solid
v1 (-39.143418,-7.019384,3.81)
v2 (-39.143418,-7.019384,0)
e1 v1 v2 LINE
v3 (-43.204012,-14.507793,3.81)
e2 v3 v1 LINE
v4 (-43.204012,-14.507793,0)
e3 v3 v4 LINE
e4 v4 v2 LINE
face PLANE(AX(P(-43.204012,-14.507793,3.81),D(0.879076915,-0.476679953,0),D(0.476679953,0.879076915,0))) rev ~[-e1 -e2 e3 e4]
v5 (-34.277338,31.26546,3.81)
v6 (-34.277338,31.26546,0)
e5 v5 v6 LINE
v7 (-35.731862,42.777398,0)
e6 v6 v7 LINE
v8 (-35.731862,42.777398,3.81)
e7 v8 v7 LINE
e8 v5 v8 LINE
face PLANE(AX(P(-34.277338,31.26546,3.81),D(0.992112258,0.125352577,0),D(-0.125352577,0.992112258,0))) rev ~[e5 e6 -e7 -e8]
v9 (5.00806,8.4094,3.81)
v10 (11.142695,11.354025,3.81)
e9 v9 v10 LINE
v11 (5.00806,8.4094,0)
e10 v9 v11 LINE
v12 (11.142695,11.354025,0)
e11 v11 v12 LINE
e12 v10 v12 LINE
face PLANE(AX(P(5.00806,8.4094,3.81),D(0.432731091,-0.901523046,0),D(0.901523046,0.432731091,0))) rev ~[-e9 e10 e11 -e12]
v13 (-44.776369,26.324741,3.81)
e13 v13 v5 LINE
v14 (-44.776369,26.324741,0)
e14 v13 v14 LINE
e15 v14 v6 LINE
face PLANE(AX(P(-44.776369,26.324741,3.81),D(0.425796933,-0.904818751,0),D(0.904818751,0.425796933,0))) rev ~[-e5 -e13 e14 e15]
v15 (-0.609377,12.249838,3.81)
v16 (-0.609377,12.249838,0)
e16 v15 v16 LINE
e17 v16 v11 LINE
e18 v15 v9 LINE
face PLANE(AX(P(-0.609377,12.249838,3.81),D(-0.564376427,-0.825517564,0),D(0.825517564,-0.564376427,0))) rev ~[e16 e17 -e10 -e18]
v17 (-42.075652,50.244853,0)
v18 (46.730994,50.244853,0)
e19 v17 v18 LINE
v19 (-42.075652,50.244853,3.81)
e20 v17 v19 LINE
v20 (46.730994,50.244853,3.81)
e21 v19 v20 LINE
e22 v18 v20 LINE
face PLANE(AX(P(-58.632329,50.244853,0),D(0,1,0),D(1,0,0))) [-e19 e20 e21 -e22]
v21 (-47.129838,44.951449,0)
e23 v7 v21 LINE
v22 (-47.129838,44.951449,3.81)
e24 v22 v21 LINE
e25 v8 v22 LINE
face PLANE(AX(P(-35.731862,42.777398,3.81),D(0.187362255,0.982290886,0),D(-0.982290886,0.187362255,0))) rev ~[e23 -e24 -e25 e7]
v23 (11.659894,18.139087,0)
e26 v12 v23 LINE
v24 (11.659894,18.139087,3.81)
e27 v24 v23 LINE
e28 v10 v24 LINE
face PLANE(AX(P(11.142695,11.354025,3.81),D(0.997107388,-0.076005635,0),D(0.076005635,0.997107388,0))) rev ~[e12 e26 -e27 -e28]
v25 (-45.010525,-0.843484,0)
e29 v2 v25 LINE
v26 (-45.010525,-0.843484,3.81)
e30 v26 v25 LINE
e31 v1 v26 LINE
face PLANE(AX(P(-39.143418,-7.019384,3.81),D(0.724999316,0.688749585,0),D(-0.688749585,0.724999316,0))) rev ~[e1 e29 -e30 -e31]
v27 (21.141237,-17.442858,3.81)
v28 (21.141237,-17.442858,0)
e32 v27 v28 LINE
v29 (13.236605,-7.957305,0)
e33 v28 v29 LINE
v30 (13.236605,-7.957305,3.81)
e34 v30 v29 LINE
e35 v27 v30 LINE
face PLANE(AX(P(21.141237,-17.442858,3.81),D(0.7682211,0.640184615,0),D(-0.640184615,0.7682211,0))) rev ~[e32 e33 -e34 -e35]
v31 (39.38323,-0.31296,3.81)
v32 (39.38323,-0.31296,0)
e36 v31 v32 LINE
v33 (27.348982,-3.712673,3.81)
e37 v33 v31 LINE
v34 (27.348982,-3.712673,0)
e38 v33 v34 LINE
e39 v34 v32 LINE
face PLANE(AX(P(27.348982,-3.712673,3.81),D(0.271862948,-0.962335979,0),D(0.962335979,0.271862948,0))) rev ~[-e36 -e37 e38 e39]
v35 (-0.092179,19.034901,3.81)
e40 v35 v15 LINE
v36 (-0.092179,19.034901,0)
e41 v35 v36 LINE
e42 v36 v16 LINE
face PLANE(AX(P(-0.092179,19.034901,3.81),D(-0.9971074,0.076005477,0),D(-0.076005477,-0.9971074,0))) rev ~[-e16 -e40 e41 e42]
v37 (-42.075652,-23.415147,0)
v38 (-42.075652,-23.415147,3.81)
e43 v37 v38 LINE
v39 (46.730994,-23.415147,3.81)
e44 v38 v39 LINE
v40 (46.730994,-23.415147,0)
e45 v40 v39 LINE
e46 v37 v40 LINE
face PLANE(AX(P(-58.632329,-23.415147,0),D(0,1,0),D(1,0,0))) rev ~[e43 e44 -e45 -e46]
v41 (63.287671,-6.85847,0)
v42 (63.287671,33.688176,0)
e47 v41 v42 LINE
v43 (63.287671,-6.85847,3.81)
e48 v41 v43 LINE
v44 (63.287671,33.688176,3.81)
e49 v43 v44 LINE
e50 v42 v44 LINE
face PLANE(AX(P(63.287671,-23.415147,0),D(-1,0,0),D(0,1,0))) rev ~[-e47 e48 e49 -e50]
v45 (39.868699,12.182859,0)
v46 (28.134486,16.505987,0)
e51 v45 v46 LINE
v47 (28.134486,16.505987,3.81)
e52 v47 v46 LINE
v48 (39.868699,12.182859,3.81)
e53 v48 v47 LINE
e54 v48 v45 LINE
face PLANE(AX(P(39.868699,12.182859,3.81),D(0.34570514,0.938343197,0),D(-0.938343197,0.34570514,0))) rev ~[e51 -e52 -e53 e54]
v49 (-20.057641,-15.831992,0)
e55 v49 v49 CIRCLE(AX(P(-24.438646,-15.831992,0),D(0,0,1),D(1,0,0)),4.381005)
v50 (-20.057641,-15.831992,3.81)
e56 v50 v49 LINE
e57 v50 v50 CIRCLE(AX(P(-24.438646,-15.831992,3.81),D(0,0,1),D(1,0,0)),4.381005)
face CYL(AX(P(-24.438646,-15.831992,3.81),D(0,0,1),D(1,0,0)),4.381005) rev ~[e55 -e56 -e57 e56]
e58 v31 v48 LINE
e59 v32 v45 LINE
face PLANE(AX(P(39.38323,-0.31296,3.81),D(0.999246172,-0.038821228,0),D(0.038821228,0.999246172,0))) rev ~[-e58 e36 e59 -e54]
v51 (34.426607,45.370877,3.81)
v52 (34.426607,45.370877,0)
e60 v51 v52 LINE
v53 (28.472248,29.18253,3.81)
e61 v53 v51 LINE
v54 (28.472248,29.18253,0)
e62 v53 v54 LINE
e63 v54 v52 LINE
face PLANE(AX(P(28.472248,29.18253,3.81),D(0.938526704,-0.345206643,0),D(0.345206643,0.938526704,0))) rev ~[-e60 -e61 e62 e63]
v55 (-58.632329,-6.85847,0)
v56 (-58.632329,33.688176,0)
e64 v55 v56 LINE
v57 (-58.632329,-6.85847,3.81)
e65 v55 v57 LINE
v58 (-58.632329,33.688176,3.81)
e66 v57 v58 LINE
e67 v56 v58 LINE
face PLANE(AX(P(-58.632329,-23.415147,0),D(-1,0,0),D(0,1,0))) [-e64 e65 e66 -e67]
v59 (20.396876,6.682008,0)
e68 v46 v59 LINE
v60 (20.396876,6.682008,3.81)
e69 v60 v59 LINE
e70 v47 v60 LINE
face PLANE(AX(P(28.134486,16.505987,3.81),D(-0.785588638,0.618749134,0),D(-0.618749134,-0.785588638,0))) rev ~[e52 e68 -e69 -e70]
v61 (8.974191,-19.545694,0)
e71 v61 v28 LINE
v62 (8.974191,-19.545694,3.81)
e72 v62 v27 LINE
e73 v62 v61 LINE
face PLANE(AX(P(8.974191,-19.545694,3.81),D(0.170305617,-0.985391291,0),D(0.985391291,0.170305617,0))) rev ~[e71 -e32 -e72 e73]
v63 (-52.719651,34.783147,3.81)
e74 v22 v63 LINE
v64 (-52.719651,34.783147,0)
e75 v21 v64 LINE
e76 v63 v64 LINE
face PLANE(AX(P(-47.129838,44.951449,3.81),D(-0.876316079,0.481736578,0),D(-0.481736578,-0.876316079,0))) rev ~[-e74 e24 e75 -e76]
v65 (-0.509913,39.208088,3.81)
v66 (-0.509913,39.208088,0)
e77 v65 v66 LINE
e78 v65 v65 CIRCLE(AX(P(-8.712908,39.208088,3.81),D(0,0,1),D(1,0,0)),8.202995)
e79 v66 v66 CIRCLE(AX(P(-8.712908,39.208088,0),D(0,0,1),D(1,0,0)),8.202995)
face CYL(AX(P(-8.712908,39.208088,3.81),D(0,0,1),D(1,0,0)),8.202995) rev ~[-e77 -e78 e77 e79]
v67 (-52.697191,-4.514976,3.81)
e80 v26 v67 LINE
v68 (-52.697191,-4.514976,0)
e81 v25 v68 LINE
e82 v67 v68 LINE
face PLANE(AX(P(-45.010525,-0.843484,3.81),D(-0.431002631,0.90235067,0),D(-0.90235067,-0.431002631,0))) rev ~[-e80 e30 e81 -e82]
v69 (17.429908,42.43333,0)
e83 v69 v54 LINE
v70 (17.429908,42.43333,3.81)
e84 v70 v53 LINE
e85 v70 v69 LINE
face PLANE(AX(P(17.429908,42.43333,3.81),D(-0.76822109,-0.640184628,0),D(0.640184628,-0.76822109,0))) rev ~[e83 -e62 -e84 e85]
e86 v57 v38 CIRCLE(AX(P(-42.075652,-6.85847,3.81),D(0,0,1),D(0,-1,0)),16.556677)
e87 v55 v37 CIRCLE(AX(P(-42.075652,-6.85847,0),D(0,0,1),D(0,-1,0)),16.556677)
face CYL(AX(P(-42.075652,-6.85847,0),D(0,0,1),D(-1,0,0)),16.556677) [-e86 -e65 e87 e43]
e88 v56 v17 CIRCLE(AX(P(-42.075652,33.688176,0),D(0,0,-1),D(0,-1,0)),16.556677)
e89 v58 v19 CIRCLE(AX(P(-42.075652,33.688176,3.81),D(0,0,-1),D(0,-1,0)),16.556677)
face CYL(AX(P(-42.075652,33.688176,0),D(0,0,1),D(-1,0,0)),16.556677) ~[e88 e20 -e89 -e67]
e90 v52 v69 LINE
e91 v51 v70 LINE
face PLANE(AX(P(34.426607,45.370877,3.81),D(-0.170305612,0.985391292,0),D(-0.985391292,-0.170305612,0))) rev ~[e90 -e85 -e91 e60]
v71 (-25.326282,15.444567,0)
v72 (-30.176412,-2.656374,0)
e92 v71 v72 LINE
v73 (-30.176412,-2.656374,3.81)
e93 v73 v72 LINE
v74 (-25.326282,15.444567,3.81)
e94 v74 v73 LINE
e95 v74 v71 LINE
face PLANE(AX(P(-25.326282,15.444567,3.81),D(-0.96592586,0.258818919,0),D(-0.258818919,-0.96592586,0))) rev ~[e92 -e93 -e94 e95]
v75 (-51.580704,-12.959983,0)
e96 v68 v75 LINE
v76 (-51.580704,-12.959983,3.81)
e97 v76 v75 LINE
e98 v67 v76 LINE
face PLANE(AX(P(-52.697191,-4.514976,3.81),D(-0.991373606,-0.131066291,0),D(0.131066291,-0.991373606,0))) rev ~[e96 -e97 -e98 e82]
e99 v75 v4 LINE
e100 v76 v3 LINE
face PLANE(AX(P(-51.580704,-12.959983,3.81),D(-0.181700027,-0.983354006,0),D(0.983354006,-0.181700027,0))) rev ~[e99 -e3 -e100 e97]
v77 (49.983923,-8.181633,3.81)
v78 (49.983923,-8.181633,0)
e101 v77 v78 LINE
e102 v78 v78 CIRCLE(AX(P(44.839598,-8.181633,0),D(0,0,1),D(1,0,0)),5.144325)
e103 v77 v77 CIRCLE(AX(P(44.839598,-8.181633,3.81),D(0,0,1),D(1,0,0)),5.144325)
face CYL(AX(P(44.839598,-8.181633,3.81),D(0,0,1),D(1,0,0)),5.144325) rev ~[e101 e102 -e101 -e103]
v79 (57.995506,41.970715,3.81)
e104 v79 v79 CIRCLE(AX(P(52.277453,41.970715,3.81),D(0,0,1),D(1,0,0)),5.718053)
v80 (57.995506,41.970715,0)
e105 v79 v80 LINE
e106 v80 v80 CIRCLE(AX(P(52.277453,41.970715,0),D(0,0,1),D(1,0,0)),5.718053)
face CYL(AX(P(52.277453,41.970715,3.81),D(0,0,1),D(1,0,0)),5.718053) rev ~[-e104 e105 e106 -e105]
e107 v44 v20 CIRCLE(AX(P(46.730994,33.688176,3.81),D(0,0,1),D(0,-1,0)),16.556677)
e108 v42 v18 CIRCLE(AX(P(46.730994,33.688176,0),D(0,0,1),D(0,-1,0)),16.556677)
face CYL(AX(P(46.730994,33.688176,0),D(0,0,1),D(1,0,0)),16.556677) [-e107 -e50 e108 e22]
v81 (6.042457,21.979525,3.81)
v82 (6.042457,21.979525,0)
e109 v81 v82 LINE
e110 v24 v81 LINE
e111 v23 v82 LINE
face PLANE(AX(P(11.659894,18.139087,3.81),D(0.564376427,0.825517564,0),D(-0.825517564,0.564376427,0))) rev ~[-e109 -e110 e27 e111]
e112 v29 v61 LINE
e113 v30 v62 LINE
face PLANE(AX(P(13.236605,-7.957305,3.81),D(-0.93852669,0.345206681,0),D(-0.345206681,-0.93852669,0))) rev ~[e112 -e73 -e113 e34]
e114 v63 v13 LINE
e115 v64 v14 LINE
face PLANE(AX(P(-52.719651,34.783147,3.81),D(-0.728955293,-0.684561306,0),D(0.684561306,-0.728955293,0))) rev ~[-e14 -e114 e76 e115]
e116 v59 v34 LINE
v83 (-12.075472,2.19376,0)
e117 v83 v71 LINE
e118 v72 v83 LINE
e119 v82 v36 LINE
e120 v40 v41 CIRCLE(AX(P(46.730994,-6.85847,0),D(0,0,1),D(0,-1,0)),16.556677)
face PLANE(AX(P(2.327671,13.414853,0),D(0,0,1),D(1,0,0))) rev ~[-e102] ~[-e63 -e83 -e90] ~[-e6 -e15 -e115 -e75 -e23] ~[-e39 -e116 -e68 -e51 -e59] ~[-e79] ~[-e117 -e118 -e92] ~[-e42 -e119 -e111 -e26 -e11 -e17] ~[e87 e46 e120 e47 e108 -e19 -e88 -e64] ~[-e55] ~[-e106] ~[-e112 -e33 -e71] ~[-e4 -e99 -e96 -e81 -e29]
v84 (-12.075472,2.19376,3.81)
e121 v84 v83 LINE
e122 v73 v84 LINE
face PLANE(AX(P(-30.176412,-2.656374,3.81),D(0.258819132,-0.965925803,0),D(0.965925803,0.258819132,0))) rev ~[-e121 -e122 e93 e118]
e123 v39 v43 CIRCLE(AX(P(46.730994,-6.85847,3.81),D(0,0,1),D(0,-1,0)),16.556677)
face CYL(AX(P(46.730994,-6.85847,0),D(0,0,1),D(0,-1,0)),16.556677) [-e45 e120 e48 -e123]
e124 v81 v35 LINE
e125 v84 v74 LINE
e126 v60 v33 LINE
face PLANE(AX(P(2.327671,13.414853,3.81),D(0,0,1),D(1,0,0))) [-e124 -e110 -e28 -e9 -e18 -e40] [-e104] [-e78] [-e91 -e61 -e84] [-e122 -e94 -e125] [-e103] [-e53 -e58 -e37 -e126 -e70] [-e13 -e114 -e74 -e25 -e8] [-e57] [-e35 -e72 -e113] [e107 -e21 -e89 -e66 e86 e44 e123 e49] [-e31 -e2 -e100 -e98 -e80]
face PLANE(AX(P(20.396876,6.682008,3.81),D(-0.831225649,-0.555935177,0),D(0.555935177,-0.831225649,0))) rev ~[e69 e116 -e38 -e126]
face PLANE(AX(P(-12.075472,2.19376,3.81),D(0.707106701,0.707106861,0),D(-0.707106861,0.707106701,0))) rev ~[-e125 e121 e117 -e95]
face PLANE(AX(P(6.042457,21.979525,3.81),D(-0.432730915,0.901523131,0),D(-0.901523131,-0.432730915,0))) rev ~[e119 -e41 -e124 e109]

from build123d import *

# Parameters (mm, degrees)
F0_W     = 121.92
F0_H     = 73.66
F1_DEPTH = 3.81
F2_R     = 16.556677
F3_R     = 8.202995
F3_R_2   = 5.144325
F3_R_3   = 4.381005
F3_R_4   = 5.718053
F4_DEPTH = 3.811


with BuildPart() as f1:
    # F0 (on Top) → F1 (new body)
    with BuildSketch(Plane.XY):
        with Locations((2.327671, 13.414853)):
            Rectangle(F0_W, F0_H)
    extrude(amount=F1_DEPTH)

    # F2
    f2_edges = [f1.edges().sort_by_distance(p)[0] for p in [
        (-58.632329, -23.415147, 1.905),
        (63.287671, -23.415147, 1.905),
        (63.287671, 50.244853, 1.905),
        (-58.632329, 50.244853, 1.905),
    ]]
    fillet(f2_edges, radius=F2_R)

    # F3 (on face) → F4 (cut, through all)
    with BuildSketch(Plane.XY.offset(3.81)):
        Polygon((-44.776369, 26.324741), (-34.277338, 31.26546), (-35.731862, 42.777398), (-47.129838, 44.951449), (-52.719651, 34.783147), align=None)
        Polygon((39.868699, 12.182859), (28.134486, 16.505987), (20.396876, 6.682008), (27.348982, -3.712673), (39.38323, -0.31296), align=None)
        Polygon((-39.143418, -7.019384), (-45.010525, -0.843484), (-52.697191, -4.514976), (-51.580704, -12.959983), (-43.204012, -14.507793), align=None)
        with Locations((-8.712908, 39.208088)):
            Circle(F3_R)
        with Locations((44.839598, -8.181633)):
            Circle(F3_R_2)
        with Locations((-24.438646, -15.831992)):
            Circle(F3_R_3)
        with Locations((52.277453, 41.970715)):
            Circle(F3_R_4)
        Polygon((-12.075472, 2.19376), (-25.326282, 15.444567), (-30.176412, -2.656374), align=None)
        Polygon((17.429908, 42.43333), (28.472248, 29.18253), (34.426607, 45.370877), align=None)
        Polygon((21.141237, -17.442858), (13.236605, -7.957305), (8.974191, -19.545694), align=None)
        Polygon((6.042457, 21.979525), (-0.092179, 19.034901), (-0.609377, 12.249838), (5.00806, 8.4094), (11.142695, 11.354025), (11.659894, 18.139087), align=None)
    extrude(amount=-F4_DEPTH, mode=Mode.SUBTRACT)


solid = f1.part
